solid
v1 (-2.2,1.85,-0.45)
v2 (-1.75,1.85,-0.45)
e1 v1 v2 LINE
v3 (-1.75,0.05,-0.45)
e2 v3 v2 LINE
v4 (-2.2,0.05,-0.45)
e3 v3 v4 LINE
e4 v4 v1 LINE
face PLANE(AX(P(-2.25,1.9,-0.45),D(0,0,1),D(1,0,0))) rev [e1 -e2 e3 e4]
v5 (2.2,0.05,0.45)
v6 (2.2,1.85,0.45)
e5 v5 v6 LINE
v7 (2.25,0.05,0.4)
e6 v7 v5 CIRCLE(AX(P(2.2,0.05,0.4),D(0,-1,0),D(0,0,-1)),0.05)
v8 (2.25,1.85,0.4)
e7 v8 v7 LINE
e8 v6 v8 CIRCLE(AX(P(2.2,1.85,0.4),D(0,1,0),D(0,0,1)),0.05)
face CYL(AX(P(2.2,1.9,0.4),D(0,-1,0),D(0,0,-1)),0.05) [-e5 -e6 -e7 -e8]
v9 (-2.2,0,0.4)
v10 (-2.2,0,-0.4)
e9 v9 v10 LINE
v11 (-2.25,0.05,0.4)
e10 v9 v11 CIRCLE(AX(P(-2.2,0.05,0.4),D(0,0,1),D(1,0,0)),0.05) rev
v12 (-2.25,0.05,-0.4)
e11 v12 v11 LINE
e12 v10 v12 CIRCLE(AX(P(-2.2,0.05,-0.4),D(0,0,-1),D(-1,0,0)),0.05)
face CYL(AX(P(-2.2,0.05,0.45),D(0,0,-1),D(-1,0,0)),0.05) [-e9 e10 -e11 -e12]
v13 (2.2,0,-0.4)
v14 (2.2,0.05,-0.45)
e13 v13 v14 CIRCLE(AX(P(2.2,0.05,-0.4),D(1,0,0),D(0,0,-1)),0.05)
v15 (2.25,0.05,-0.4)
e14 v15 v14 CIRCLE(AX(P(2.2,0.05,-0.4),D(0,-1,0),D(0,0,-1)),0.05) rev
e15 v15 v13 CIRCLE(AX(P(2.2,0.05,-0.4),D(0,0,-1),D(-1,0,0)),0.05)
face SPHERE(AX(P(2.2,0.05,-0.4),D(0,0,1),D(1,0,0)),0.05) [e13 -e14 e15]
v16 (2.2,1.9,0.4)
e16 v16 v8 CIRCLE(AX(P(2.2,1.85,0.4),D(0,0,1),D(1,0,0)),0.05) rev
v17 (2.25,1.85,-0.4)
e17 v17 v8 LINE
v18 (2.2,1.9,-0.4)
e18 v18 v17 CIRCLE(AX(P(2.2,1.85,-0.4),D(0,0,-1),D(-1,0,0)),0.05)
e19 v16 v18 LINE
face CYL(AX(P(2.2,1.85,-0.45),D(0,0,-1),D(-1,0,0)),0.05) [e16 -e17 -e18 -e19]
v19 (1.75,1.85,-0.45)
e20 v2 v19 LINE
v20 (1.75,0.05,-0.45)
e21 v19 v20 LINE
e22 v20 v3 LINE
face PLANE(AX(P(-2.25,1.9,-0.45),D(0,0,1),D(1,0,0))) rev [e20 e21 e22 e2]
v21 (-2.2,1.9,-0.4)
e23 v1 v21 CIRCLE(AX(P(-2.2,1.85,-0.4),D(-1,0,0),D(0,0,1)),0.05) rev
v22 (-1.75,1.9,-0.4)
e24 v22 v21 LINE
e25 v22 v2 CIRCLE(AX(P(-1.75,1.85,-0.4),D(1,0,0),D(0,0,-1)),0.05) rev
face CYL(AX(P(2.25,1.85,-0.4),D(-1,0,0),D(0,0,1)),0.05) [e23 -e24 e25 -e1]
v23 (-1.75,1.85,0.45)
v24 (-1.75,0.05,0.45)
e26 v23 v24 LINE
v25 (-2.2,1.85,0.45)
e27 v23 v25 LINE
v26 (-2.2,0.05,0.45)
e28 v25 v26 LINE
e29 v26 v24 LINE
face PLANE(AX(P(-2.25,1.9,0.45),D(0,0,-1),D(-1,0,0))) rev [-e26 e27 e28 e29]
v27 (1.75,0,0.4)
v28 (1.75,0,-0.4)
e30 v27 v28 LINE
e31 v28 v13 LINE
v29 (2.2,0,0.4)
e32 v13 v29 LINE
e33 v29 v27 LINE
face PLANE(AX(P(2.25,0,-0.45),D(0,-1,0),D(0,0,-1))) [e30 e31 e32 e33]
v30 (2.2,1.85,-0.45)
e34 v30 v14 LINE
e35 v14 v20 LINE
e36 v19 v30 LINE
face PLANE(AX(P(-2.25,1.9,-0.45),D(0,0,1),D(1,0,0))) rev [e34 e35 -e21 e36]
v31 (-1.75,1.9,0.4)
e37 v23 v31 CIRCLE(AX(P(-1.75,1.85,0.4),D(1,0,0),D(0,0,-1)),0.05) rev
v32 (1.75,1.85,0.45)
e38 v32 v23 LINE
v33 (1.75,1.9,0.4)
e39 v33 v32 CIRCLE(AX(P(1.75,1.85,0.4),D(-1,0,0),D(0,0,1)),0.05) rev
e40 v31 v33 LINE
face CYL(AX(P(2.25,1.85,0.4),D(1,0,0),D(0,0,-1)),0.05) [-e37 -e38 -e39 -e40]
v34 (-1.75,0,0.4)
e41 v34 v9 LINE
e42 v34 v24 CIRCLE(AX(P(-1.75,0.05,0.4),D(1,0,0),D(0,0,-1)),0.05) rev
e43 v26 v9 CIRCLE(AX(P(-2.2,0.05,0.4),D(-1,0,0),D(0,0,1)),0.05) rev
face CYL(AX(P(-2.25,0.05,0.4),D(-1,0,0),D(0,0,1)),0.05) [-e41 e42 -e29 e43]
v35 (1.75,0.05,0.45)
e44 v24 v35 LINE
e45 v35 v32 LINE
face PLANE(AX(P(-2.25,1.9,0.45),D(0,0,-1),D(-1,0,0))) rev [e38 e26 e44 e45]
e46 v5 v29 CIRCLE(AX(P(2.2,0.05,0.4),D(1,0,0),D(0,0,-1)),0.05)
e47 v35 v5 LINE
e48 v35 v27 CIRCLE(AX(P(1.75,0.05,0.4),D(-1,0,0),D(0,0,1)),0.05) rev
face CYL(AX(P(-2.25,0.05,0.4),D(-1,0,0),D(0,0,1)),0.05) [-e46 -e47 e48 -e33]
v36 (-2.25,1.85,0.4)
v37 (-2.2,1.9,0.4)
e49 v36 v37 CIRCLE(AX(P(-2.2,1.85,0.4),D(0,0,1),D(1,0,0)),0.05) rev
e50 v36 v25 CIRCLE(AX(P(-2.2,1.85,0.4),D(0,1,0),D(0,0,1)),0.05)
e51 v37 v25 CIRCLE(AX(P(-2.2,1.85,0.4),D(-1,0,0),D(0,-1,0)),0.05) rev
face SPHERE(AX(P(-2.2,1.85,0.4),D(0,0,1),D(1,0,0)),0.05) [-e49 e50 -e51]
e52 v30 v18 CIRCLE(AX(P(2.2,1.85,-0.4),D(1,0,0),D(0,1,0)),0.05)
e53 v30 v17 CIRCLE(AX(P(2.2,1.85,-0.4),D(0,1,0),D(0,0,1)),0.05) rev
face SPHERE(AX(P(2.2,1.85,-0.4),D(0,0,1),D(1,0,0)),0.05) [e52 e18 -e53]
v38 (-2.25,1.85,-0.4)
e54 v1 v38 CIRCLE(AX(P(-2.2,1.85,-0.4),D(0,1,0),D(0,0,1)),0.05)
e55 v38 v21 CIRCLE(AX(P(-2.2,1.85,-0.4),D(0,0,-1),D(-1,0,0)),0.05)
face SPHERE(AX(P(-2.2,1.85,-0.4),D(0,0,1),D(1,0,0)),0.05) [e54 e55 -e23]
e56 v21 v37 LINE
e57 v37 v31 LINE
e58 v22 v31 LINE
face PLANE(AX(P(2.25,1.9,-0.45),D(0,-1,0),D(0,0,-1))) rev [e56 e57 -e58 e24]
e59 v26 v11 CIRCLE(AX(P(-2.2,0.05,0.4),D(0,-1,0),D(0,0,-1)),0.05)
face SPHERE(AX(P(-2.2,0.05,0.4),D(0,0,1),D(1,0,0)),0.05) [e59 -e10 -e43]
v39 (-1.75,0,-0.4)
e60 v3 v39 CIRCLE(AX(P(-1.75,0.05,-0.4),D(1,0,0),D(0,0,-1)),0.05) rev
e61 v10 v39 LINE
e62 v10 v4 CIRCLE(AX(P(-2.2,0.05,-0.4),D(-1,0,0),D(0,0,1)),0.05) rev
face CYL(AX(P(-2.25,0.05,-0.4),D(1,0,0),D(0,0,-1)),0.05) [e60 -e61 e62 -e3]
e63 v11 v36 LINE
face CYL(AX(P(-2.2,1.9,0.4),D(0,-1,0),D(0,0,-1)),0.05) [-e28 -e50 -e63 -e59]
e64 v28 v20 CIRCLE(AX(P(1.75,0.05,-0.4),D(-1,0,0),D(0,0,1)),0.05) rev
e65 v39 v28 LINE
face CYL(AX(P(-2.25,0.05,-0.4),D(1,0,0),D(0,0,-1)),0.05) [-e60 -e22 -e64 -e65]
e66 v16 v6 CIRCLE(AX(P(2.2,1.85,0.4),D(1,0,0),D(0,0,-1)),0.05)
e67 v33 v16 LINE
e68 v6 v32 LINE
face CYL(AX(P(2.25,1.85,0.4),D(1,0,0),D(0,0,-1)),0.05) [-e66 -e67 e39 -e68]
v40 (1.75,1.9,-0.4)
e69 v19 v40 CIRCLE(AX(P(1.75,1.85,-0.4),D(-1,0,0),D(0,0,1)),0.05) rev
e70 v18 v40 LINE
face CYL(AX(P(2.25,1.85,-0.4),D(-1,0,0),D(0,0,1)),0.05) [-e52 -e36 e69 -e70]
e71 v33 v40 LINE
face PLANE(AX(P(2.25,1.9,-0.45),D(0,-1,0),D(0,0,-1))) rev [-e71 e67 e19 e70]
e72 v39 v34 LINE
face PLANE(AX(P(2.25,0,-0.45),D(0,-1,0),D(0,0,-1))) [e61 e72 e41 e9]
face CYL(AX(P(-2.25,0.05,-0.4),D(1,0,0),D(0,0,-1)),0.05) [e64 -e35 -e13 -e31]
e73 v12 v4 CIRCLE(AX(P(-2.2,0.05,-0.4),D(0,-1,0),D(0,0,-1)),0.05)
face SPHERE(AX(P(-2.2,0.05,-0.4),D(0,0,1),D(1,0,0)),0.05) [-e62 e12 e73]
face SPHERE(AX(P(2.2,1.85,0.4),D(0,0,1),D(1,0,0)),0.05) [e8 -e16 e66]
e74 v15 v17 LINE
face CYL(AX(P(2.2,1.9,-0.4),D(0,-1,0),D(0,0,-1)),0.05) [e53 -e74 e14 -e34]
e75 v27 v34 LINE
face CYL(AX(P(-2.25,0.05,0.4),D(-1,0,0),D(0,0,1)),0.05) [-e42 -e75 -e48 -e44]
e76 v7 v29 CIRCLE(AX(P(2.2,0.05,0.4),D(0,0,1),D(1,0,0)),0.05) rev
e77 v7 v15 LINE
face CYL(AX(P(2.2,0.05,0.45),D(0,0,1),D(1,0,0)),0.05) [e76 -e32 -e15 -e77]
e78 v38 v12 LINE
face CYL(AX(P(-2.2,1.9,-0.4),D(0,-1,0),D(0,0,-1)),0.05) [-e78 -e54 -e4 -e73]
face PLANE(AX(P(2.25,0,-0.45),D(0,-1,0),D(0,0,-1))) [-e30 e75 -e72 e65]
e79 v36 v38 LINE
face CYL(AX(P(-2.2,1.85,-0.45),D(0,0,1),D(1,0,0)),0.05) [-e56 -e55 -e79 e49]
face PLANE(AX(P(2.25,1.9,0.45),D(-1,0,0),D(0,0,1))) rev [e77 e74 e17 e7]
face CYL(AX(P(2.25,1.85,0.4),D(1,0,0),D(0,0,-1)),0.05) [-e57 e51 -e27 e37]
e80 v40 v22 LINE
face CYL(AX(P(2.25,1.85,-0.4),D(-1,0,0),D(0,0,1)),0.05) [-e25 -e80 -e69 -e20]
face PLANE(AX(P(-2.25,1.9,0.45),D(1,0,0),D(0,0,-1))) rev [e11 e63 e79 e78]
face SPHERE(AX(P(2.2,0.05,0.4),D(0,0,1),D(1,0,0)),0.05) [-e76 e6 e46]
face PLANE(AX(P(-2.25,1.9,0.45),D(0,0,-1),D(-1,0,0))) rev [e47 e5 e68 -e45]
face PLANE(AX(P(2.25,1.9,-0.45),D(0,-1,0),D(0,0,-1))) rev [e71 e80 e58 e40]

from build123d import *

# Parameters (mm, degrees)
SKETCH1_W      = 4.5
SKETCH1_H      = 0.9
EXTRUDE1_DEPTH = 1.9
FILLET1_R      = 0.05


with BuildPart() as part:
    # Sketch1 → Extrude1 (new body)
    with BuildSketch(Plane(origin=(0, 0, 0), x_dir=(1, 0, 0), z_dir=(0, 1, 0))):
        Rectangle(SKETCH1_W, SKETCH1_H)
    extrude(amount=EXTRUDE1_DEPTH)

    # Fillet1
    fillet1_edges = [part.edges().sort_by_distance(p)[0] for p in [
        (-2.25, 1.9, 0),
        (0, 1.9, 0.45),
        (2.25, 1.9, 0),
        (0, 0, 0.45),
        (-2.25, 0, 0),
        (0, 0, -0.45),
        (2.25, 0, 0),
        (0, 1.9, -0.45),
        (2.25, 0.95, 0.45),
        (-2.25, 0.95, 0.45),
        (-2.25, 0.95, -0.45),
        (2.25, 0.95, -0.45),
    ]]
    fillet(fillet1_edges, radius=FILLET1_R)


solid = part.part
